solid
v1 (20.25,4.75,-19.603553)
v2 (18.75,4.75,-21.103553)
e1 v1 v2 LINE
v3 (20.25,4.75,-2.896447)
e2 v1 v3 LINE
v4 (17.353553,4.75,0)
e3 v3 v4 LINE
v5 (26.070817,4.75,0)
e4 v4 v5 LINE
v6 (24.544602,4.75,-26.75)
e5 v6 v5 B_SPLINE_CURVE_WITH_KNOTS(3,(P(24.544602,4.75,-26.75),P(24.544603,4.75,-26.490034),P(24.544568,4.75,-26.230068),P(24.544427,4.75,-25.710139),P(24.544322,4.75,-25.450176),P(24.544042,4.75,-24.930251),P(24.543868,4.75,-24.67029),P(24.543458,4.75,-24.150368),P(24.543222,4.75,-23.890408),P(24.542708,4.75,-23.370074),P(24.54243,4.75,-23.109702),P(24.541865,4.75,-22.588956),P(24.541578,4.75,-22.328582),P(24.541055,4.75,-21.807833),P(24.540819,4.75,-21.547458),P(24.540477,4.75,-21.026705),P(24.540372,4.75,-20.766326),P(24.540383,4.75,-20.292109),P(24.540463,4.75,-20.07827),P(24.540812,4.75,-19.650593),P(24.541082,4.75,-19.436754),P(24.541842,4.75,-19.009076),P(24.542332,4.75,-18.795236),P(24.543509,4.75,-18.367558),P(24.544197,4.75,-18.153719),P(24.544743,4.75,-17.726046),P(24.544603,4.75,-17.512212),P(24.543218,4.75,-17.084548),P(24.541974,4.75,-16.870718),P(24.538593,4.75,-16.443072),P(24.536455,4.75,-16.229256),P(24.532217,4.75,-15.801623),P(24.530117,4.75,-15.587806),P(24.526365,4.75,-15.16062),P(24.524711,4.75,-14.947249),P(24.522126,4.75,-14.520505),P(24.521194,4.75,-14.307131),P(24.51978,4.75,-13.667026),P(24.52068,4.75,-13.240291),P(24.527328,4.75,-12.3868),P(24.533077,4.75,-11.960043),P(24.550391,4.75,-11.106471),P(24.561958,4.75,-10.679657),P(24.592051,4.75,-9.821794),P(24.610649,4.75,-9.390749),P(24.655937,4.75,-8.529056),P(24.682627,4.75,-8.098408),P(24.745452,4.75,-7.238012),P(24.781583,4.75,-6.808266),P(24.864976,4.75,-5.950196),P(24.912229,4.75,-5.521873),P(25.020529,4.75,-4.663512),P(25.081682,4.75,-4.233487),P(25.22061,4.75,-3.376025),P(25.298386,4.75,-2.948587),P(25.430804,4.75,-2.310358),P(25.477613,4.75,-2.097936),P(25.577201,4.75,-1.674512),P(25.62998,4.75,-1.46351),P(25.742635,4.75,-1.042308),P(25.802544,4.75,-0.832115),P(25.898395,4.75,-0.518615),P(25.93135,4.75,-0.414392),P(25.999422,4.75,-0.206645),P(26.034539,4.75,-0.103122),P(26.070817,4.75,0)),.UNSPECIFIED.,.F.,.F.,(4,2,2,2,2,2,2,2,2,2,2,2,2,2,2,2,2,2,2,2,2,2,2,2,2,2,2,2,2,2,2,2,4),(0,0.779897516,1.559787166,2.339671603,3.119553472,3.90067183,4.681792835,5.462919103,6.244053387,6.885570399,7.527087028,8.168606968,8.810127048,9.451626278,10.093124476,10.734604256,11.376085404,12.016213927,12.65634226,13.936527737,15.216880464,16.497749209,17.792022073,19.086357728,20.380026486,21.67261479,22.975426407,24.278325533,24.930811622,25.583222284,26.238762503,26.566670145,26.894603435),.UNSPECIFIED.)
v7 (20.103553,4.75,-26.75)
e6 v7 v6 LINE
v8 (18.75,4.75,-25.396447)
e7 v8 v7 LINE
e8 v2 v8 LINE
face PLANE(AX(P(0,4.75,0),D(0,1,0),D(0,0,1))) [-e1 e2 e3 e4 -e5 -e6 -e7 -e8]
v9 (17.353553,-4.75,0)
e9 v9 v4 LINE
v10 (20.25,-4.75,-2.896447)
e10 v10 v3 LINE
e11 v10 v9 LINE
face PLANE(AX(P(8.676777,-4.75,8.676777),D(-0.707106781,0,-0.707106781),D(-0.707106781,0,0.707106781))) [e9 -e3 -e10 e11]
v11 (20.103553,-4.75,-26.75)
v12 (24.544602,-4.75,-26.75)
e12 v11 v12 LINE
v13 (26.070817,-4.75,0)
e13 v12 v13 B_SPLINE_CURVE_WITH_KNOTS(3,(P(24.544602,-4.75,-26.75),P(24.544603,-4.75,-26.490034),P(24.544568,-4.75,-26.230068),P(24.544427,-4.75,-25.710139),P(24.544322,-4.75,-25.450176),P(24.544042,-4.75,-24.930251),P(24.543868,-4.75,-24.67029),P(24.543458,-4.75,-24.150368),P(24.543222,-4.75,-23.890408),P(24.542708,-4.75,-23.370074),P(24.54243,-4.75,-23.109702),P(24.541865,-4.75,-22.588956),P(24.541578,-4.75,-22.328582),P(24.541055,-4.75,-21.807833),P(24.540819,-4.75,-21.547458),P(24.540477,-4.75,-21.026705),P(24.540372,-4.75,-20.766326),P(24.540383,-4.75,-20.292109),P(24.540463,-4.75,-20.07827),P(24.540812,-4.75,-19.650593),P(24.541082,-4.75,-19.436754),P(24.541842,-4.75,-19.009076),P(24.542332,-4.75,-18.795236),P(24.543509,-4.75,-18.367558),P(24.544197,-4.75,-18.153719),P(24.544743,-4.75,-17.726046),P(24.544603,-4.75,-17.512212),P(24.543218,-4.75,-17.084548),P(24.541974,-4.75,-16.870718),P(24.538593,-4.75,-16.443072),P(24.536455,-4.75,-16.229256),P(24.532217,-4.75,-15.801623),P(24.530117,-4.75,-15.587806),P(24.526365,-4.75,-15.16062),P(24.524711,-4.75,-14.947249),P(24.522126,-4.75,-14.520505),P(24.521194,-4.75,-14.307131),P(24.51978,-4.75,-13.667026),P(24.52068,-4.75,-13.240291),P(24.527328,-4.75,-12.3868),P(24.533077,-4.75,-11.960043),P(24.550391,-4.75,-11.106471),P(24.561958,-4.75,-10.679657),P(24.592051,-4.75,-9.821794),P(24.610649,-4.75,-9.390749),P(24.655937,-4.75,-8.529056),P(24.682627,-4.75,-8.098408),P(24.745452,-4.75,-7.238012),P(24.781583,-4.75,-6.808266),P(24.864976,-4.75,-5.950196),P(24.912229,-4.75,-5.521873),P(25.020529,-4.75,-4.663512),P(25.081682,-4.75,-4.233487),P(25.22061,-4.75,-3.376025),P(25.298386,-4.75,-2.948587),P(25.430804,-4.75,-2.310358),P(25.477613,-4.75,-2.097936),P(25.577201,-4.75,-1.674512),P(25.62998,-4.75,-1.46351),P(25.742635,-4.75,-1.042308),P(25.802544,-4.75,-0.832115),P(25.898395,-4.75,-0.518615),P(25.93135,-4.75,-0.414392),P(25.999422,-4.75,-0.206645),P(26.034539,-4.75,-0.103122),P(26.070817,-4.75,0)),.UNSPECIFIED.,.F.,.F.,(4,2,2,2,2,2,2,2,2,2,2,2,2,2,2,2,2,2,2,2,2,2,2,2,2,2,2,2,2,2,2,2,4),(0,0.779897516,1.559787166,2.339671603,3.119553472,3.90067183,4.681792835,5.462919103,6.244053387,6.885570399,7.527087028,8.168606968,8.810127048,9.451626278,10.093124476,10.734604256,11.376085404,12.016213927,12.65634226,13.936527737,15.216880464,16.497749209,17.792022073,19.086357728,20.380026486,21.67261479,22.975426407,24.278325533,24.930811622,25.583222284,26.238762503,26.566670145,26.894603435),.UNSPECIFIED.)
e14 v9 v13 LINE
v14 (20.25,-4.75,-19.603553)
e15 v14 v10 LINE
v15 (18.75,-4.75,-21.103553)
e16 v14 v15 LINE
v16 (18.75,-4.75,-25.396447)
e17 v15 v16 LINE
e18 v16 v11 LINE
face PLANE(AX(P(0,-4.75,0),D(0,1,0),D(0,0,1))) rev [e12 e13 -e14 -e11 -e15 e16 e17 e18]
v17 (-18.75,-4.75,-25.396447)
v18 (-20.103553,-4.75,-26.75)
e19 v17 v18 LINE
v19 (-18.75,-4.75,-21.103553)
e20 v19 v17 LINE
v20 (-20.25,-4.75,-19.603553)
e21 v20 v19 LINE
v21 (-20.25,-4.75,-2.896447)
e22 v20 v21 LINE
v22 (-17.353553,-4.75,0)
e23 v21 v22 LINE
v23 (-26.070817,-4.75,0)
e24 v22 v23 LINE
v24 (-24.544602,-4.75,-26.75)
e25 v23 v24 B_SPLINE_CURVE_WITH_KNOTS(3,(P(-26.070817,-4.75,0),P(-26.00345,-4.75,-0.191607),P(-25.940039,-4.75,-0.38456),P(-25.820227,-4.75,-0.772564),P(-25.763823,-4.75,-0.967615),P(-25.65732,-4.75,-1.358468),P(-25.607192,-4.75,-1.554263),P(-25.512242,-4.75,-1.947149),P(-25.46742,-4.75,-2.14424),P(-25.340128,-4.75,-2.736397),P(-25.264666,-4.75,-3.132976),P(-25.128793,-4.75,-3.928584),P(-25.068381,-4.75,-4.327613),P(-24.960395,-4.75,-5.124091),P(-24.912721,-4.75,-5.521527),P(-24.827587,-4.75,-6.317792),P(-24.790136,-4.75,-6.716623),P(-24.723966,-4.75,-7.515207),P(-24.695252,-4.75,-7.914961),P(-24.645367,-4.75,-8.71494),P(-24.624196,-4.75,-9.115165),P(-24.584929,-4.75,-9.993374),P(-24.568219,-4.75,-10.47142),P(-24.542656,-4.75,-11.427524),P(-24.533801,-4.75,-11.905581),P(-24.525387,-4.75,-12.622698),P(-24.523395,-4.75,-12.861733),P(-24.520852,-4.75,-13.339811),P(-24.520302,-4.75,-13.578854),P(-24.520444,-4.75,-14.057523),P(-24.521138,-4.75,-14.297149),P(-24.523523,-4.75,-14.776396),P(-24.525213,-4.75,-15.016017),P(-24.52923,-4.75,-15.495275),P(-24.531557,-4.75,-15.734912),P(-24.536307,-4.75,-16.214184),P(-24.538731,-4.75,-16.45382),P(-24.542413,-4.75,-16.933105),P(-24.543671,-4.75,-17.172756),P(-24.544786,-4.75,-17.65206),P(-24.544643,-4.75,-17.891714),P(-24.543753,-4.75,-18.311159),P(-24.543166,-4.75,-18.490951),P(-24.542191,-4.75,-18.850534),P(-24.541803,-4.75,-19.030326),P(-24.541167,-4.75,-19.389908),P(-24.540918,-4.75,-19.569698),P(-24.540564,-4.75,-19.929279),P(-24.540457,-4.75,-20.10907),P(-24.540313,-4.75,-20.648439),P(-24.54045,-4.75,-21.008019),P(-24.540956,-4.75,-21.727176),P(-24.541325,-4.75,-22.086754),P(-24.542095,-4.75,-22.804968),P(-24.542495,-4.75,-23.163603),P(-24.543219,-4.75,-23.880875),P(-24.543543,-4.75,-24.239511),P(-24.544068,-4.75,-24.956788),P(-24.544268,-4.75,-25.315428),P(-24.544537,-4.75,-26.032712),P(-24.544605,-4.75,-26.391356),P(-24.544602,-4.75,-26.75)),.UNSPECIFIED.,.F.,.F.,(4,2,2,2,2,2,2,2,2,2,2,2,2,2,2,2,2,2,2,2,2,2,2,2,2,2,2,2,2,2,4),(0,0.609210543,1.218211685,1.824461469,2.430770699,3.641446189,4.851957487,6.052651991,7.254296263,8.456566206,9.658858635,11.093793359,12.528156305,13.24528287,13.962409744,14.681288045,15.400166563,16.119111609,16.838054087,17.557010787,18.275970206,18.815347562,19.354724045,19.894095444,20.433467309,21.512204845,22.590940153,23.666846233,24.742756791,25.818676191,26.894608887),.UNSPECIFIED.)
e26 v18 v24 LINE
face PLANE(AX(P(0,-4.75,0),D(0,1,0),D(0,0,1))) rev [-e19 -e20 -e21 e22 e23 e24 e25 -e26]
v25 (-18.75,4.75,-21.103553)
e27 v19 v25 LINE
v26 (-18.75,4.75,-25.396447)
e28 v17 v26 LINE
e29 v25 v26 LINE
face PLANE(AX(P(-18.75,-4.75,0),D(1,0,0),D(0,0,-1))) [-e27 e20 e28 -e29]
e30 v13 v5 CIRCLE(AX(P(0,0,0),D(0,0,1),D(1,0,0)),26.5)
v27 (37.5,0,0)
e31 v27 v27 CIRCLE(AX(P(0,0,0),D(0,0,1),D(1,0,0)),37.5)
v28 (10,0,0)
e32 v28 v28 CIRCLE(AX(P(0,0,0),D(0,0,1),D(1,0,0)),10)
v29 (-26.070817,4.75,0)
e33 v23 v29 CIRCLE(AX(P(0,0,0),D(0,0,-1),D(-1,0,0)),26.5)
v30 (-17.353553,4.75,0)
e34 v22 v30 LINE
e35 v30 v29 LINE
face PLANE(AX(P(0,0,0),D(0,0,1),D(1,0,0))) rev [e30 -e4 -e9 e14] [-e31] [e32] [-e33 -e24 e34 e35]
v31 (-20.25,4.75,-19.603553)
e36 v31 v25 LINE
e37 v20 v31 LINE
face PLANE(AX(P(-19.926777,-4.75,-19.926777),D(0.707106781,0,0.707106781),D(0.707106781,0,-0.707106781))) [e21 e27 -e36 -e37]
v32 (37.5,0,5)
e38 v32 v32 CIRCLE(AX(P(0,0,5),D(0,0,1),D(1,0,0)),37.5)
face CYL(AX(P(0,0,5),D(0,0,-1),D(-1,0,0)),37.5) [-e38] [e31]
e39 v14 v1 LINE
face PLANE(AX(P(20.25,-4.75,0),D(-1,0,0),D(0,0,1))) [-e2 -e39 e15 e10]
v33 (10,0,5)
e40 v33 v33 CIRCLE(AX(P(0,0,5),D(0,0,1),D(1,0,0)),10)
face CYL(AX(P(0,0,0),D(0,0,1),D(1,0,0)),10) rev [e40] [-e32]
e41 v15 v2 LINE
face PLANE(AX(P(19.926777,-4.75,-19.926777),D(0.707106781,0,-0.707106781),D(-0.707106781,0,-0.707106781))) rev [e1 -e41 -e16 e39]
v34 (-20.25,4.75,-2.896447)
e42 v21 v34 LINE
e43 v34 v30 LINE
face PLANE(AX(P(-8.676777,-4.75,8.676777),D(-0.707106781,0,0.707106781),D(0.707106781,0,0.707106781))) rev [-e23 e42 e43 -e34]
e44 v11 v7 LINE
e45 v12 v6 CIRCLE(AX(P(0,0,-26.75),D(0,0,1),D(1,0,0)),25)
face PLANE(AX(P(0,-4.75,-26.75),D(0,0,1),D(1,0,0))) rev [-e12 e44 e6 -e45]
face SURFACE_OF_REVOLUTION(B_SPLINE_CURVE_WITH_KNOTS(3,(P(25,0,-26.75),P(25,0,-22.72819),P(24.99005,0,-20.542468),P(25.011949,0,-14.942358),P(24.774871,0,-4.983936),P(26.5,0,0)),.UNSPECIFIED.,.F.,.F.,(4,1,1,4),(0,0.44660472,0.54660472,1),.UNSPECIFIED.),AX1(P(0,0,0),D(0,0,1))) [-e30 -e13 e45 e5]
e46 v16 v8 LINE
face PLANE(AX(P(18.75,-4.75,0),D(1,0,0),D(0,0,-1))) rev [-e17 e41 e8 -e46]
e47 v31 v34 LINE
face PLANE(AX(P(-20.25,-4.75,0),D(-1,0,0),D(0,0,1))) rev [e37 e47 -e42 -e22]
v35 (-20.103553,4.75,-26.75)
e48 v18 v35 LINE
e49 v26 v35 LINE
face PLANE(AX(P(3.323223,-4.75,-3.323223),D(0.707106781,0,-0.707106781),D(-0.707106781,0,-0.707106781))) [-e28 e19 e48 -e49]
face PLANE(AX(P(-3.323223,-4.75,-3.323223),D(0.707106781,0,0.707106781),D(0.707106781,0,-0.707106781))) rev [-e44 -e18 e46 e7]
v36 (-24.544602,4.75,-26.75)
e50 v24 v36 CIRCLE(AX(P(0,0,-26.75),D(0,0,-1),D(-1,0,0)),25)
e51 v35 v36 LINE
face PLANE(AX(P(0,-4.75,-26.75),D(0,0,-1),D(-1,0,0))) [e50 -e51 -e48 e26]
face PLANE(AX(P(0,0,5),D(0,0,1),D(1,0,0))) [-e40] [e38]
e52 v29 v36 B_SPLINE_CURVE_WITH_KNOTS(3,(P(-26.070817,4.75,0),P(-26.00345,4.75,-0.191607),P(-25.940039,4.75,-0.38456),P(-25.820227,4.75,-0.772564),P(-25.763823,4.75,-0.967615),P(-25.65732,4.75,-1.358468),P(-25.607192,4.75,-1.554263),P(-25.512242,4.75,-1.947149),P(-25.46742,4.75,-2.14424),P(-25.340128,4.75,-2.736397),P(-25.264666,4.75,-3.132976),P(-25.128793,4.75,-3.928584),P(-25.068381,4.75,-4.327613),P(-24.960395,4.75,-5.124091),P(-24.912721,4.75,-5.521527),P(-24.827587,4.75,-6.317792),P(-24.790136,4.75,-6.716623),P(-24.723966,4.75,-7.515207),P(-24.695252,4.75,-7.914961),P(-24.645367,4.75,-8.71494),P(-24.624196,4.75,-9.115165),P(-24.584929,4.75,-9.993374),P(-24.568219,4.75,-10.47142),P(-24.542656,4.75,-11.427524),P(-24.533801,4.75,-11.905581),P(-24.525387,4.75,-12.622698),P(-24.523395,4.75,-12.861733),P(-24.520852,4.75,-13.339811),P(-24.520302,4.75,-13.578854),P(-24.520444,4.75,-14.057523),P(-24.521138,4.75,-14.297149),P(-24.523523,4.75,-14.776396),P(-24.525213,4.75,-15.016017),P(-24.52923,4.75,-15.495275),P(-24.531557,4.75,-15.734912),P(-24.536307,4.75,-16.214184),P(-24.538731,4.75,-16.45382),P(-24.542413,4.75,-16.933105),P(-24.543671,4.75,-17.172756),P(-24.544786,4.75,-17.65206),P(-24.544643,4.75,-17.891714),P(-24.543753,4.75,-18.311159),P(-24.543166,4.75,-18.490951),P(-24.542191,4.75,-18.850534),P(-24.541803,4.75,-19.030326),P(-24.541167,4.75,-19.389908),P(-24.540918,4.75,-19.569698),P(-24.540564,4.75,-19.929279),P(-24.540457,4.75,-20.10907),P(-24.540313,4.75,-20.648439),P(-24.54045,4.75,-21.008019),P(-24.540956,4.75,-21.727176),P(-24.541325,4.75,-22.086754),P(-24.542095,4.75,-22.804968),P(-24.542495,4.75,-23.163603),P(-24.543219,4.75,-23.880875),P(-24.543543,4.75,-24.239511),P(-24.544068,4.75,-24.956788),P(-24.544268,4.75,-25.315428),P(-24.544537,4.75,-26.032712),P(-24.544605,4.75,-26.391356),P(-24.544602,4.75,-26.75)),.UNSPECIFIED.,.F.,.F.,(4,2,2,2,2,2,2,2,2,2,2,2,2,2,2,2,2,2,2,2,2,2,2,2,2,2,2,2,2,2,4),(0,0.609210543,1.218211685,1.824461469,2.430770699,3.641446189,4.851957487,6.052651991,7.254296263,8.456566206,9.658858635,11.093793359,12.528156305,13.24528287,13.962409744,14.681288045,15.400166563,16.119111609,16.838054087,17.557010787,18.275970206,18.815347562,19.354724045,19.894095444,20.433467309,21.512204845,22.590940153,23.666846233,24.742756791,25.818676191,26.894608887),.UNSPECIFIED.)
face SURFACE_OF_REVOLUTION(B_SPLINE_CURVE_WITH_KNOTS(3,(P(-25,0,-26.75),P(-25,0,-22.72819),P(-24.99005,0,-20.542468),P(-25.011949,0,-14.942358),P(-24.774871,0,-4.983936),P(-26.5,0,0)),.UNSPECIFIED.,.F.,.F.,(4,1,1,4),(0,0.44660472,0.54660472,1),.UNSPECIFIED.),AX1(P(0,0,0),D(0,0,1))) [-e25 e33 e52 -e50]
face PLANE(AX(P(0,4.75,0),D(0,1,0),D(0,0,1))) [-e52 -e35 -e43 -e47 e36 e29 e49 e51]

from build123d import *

# Parameters (mm, degrees)
SKETCH4_R           = 37.5
BOSS_EXTRUDE2_DEPTH = 5
SKETCH5_R           = 10
CUT_EXTRUDE1_DEPTH  = 54.268189382
BOSS_EXTRUDE3_DEPTH = 4.75
SKETCH1_R           = 37.5
CUT_EXTRUDE2_DEPTH  = 60.397495738


with BuildPart() as part:
    # Sketch4 → Boss-Extrude2 (new body)
    with BuildSketch(Plane.XY):
        Circle(SKETCH4_R)
    extrude(amount=BOSS_EXTRUDE2_DEPTH)

    # Sketch5 → Cut-Extrude1 (cut, through all)
    with BuildSketch(Plane.XY.offset(5)):
        Circle(SKETCH5_R)
    extrude(amount=-CUT_EXTRUDE1_DEPTH, mode=Mode.SUBTRACT)

    # Sketch6 → Boss-Extrude3 (add, symmetric)
    with BuildSketch(Plane(origin=(0, 0, 0), x_dir=(1, 0, 0), z_dir=(0, 1, 0))):
        Polygon((20.25, 2.896446609), (17.353553391, 0), (26.5, 0), (26.5, 26.75), (20.103553391, 26.75), (18.75, 25.396446609), (18.75, 21.103553391), (20.25, 19.603553391), align=None)
    boss_extrude3 = extrude(amount=BOSS_EXTRUDE3_DEPTH, both=True)

    # Sketch1 → Cut-Extrude2 (cut, through all)
    with BuildSketch(Plane.XY):
        Circle(SKETCH1_R)
        with BuildLine():
            ThreePointArc((-1, 26.481125354), (18.381376445, 19.088609169), (26.5, 0))
            ThreePointArc((26.5, 0), (18.381376445, -19.088609169), (-1, -26.481125354))
            ThreePointArc((-1, -26.481125354), (-28.5, 0), (-1, 26.481125354))
        make_face(mode=Mode.SUBTRACT)
    cut_extrude2 = extrude(amount=-CUT_EXTRUDE2_DEPTH, mode=Mode.SUBTRACT)

    # Sketch6<4> → Cut-Revolve1 (revolve, cut)
    with BuildSketch(Plane(origin=(0, 0, 0), x_dir=(1, 0, 0), z_dir=(0, 1, 0))):
        with BuildLine():
            add(Edge.make_bspline(
                [(25, 26.75), (25, 22.72818992), (24.990050178, 20.542467854), (25.01194908, 14.942357728), (24.774871471, 4.983935506), (26.5, 0)],
                knots=[0, 0, 0, 0, 0.44660472, 0.54660472, 1, 1, 1, 1], degree=3))
            Line((26.5, 0), (26.5, 26.75))
            Line((26.5, 26.75), (25, 26.75))
        make_face()
    cut_revolve1 = revolve(axis=Axis((0, 0, 0), (0, 0, -1)), mode=Mode.SUBTRACT)

    # Mirror1: Boss-Extrude3, Cut-Extrude2, Cut-Revolve1 across plane
    add(boss_extrude3.mirror(Plane(origin=(0, 0, 0), x_dir=(0, 0, 1), z_dir=(1, 0, 0))))
    add(cut_extrude2.mirror(Plane(origin=(0, 0, 0), x_dir=(0, 0, 1), z_dir=(1, 0, 0))), mode=Mode.SUBTRACT)
    add(cut_revolve1.mirror(Plane(origin=(0, 0, 0), x_dir=(0, 0, 1), z_dir=(1, 0, 0))), mode=Mode.SUBTRACT)


solid = part.part
